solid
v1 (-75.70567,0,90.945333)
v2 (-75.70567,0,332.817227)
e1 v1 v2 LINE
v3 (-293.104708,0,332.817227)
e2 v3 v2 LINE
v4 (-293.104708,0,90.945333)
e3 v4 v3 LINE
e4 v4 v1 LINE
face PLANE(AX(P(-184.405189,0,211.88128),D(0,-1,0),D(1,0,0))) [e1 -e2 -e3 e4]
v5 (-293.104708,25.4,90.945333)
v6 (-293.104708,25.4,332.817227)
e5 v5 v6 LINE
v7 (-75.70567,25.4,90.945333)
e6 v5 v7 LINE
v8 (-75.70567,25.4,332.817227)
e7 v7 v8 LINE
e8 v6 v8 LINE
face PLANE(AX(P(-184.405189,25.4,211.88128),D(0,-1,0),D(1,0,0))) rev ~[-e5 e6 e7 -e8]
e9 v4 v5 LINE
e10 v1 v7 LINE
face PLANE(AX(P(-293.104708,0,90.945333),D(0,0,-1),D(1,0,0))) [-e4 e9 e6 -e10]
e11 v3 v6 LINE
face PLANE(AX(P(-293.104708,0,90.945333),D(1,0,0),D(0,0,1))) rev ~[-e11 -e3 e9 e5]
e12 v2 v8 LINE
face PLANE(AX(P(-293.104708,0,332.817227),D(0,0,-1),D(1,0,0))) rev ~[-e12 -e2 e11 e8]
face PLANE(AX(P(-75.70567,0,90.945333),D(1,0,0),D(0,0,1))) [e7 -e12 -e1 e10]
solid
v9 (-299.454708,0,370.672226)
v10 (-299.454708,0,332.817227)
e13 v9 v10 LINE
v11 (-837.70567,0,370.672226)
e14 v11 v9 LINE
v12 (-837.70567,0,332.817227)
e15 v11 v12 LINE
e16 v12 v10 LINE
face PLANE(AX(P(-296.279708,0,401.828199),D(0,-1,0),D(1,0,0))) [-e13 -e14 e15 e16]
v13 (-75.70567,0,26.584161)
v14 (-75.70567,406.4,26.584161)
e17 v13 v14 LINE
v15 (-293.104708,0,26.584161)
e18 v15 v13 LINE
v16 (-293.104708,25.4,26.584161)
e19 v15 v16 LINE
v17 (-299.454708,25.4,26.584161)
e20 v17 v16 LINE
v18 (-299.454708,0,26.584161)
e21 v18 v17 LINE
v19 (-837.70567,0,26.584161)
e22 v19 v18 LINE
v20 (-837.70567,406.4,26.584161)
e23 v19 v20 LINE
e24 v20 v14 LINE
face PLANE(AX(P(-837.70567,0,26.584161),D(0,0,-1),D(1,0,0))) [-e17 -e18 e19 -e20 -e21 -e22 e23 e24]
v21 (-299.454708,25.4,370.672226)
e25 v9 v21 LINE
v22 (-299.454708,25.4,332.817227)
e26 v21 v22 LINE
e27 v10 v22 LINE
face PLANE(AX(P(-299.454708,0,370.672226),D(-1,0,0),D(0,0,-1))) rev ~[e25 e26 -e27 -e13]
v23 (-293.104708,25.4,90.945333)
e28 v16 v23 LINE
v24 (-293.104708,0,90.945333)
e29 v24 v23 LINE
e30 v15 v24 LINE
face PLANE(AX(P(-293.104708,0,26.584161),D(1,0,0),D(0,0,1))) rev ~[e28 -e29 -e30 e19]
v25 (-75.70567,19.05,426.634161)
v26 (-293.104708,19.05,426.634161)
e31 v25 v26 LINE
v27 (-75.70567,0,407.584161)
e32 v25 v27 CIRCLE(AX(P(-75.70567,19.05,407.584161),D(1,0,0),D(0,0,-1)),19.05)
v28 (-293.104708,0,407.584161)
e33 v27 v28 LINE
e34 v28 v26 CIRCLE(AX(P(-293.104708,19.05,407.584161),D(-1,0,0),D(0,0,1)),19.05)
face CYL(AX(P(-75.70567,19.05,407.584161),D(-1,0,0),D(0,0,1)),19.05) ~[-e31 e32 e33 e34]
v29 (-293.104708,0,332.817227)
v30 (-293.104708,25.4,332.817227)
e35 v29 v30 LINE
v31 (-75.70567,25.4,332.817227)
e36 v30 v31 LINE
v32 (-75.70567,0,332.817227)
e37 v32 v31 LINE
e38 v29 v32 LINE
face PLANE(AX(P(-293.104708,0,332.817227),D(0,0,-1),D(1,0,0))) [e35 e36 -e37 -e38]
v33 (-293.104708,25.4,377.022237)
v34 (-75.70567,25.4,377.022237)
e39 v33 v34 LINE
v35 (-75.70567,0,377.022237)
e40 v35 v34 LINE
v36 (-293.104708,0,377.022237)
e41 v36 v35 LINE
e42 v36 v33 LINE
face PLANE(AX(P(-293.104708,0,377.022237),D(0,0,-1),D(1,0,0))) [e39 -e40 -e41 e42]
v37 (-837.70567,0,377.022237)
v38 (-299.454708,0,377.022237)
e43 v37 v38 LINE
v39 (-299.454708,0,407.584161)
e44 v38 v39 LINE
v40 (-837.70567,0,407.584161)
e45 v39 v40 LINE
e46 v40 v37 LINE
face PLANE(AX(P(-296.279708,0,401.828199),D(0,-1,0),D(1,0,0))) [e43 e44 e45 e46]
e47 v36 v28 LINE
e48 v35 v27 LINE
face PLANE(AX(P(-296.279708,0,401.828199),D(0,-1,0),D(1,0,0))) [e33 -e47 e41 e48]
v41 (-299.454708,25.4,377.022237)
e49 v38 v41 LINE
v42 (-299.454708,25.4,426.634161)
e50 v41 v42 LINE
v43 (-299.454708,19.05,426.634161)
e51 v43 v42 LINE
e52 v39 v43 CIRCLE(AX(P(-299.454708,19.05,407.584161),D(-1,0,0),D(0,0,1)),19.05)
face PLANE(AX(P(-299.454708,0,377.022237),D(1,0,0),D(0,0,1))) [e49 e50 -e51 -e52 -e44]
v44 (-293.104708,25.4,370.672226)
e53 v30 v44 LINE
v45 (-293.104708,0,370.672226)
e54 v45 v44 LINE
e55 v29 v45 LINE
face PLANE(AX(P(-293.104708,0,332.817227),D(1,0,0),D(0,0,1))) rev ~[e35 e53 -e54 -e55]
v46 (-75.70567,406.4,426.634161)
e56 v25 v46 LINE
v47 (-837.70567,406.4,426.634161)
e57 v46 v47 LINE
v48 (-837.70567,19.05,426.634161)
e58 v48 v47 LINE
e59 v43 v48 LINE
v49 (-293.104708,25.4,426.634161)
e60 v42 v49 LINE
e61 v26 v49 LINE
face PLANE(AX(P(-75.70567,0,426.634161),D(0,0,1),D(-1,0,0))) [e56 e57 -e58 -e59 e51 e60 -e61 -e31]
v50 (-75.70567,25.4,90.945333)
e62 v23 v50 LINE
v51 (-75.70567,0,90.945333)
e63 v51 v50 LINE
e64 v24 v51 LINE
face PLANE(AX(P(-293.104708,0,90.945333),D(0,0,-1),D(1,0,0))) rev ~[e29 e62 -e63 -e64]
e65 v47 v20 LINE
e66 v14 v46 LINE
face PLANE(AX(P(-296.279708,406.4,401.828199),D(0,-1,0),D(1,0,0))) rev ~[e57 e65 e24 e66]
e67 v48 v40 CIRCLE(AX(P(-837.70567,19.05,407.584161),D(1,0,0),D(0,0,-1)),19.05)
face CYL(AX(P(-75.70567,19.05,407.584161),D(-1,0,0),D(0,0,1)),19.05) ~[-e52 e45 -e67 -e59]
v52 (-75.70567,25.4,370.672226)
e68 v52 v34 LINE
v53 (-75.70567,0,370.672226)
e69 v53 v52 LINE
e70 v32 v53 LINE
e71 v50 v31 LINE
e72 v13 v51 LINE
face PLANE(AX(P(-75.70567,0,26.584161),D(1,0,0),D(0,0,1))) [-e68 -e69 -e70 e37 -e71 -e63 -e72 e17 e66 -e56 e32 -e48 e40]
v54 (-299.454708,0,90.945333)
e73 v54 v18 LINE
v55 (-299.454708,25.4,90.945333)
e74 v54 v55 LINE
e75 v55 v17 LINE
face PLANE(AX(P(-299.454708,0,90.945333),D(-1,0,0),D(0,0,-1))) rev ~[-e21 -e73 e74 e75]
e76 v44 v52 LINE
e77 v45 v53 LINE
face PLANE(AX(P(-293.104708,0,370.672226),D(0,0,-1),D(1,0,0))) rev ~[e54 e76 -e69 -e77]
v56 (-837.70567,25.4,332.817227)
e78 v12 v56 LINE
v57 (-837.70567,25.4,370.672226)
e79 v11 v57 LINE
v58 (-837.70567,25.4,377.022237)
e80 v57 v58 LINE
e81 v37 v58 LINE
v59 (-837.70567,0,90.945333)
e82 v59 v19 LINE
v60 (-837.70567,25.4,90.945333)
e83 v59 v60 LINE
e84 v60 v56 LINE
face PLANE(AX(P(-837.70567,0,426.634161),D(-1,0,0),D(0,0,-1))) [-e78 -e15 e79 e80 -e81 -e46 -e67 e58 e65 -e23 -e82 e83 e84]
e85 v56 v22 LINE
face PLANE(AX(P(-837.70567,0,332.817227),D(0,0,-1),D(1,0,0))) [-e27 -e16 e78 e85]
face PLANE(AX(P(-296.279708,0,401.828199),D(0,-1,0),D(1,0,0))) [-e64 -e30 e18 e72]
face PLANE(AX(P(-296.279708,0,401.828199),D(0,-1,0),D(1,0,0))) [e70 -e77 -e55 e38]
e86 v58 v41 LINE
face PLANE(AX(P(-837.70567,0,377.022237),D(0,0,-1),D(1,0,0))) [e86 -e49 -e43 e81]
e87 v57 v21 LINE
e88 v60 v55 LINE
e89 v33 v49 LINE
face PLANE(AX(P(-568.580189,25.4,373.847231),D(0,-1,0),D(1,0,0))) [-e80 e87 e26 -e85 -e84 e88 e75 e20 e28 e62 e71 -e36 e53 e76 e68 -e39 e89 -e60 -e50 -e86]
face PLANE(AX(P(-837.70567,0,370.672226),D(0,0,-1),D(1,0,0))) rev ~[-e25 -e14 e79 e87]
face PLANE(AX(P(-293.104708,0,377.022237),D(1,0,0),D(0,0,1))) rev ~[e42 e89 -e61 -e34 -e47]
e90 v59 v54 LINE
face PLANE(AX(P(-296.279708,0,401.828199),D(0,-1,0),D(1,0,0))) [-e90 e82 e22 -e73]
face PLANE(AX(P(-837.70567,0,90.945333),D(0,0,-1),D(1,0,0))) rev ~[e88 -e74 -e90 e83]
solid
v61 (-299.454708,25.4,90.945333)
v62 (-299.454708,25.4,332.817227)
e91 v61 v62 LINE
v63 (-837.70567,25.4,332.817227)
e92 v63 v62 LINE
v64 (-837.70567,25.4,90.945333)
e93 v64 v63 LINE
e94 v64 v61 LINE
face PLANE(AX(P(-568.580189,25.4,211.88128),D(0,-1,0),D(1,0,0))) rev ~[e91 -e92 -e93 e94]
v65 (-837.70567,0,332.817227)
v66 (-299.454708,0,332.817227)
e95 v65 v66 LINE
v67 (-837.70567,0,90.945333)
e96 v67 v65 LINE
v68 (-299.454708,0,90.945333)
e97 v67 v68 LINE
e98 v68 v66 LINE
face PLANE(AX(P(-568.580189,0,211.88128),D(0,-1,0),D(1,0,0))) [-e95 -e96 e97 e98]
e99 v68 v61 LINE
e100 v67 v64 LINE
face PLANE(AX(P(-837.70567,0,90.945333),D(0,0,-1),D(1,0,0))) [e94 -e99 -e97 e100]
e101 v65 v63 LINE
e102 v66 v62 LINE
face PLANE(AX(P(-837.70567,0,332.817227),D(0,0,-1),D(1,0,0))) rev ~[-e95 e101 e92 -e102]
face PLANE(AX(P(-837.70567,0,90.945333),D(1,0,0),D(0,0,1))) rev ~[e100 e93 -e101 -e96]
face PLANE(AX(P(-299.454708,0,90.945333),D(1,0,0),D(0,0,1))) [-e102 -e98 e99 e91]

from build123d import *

# Parameters (mm, degrees)
F0_W     = 6.35
F0_H     = 49.6119248599
F0_W_2   = 217.3990383744
F0_W_3   = 538.2509616256
F0_H_2   = 6.3500106335
F0_H_3   = 37.8549993038
F0_H_4   = 241.8718934059
F0_H_5   = 64.3611717969
F1_DEPTH = 406.4
F2_R     = 19.05
F3_DEPTH = 25.4
F4_DEPTH = 25.4


with BuildPart() as f1:
    # F0 (on Front) → F1 (new body)
    with BuildSketch(Plane.XZ):
        with Locations((-296.2797081947, 401.8281990156)):
            Rectangle(F0_W, F0_H)
        with Locations((-184.4051890075, 401.8281990156)):
            Rectangle(F0_W_2, F0_H)
        with Locations((-568.5801890075, 401.8281990156)):
            Rectangle(F0_W_3, F0_H)
        with Locations((-184.4051890075, 373.8472312689)):
            Rectangle(F0_W_2, F0_H_2)
        with Locations((-568.5801890075, 373.8472312689)):
            Rectangle(F0_W_3, F0_H_2)
        with Locations((-184.4051890075, 351.7447263002)):
            Rectangle(F0_W_2, F0_H_3)
        with Locations((-568.5801890075, 351.7447263002)):
            Rectangle(F0_W_3, F0_H_3)
        with Locations((-184.4051890075, 211.8812799454)):
            Rectangle(F0_W_2, F0_H_4)
        with Locations((-568.5801890075, 211.8812799454)):
            Rectangle(F0_W_3, F0_H_4)
        with Locations((-296.2797081947, 58.764747344)):
            Rectangle(F0_W, F0_H_5)
        with Locations((-184.4051890075, 58.764747344)):
            Rectangle(F0_W_2, F0_H_5)
        with Locations((-568.5801890075, 58.764747344)):
            Rectangle(F0_W_3, F0_H_5)
        with Locations((-296.2797081947, 351.7447263002)):
            Rectangle(F0_W, F0_H_3)
        with Locations((-296.2797081947, 373.8472312689)):
            Rectangle(F0_W, F0_H_2)
        with Locations((-296.2797081947, 211.8812799454)):
            Rectangle(F0_W, F0_H_4)
    extrude(amount=-F1_DEPTH)

    # F2
    f2_edges = [f1.edges().sort_by_distance(p)[0] for p in [
        (-456.70567, 0, 426.634161),
    ]]
    fillet(f2_edges, radius=F2_R)

    # F0 (on Front) → F3 (cut)
    with BuildSketch(Plane.XZ):
        with Locations((-568.5801890075, 373.8472312689)):
            Rectangle(F0_W_3, F0_H_2)
        with Locations((-296.2797081947, 401.8281990156)):
            Rectangle(F0_W, F0_H)
        with Locations((-296.2797081947, 373.8472312689)):
            Rectangle(F0_W, F0_H_2)
        with Locations((-184.4051890075, 373.8472312689)):
            Rectangle(F0_W_2, F0_H_2)
        with Locations((-296.2797081947, 351.7447263002)):
            Rectangle(F0_W, F0_H_3)
        with Locations((-296.2797081947, 211.8812799454)):
            Rectangle(F0_W, F0_H_4)
        with Locations((-296.2797081947, 58.764747344)):
            Rectangle(F0_W, F0_H_5)
        with Locations((-568.5801890075, 211.8812799454)):
            Rectangle(F0_W_3, F0_H_4)
        with Locations((-184.4051890075, 211.8812799454)):
            Rectangle(F0_W_2, F0_H_4)
    extrude(amount=-F3_DEPTH, mode=Mode.SUBTRACT)


with BuildPart() as f4:
    # F0 (on Front) → F4 (new body)
    with BuildSketch(Plane.XZ):
        with Locations((-568.5801890075, 211.8812799454)):
            Rectangle(F0_W_3, F0_H_4)
    extrude(amount=-F4_DEPTH)


with BuildPart() as f4b:
    # F0 (on Front) → F4, piece 2 (new body)
    with BuildSketch(Plane.XZ):
        with Locations((-184.4051890075, 211.8812799454)):
            Rectangle(F0_W_2, F0_H_4)
    extrude(amount=-F4_DEPTH)


solid = Compound([f1.part, f4.part, f4b.part])
